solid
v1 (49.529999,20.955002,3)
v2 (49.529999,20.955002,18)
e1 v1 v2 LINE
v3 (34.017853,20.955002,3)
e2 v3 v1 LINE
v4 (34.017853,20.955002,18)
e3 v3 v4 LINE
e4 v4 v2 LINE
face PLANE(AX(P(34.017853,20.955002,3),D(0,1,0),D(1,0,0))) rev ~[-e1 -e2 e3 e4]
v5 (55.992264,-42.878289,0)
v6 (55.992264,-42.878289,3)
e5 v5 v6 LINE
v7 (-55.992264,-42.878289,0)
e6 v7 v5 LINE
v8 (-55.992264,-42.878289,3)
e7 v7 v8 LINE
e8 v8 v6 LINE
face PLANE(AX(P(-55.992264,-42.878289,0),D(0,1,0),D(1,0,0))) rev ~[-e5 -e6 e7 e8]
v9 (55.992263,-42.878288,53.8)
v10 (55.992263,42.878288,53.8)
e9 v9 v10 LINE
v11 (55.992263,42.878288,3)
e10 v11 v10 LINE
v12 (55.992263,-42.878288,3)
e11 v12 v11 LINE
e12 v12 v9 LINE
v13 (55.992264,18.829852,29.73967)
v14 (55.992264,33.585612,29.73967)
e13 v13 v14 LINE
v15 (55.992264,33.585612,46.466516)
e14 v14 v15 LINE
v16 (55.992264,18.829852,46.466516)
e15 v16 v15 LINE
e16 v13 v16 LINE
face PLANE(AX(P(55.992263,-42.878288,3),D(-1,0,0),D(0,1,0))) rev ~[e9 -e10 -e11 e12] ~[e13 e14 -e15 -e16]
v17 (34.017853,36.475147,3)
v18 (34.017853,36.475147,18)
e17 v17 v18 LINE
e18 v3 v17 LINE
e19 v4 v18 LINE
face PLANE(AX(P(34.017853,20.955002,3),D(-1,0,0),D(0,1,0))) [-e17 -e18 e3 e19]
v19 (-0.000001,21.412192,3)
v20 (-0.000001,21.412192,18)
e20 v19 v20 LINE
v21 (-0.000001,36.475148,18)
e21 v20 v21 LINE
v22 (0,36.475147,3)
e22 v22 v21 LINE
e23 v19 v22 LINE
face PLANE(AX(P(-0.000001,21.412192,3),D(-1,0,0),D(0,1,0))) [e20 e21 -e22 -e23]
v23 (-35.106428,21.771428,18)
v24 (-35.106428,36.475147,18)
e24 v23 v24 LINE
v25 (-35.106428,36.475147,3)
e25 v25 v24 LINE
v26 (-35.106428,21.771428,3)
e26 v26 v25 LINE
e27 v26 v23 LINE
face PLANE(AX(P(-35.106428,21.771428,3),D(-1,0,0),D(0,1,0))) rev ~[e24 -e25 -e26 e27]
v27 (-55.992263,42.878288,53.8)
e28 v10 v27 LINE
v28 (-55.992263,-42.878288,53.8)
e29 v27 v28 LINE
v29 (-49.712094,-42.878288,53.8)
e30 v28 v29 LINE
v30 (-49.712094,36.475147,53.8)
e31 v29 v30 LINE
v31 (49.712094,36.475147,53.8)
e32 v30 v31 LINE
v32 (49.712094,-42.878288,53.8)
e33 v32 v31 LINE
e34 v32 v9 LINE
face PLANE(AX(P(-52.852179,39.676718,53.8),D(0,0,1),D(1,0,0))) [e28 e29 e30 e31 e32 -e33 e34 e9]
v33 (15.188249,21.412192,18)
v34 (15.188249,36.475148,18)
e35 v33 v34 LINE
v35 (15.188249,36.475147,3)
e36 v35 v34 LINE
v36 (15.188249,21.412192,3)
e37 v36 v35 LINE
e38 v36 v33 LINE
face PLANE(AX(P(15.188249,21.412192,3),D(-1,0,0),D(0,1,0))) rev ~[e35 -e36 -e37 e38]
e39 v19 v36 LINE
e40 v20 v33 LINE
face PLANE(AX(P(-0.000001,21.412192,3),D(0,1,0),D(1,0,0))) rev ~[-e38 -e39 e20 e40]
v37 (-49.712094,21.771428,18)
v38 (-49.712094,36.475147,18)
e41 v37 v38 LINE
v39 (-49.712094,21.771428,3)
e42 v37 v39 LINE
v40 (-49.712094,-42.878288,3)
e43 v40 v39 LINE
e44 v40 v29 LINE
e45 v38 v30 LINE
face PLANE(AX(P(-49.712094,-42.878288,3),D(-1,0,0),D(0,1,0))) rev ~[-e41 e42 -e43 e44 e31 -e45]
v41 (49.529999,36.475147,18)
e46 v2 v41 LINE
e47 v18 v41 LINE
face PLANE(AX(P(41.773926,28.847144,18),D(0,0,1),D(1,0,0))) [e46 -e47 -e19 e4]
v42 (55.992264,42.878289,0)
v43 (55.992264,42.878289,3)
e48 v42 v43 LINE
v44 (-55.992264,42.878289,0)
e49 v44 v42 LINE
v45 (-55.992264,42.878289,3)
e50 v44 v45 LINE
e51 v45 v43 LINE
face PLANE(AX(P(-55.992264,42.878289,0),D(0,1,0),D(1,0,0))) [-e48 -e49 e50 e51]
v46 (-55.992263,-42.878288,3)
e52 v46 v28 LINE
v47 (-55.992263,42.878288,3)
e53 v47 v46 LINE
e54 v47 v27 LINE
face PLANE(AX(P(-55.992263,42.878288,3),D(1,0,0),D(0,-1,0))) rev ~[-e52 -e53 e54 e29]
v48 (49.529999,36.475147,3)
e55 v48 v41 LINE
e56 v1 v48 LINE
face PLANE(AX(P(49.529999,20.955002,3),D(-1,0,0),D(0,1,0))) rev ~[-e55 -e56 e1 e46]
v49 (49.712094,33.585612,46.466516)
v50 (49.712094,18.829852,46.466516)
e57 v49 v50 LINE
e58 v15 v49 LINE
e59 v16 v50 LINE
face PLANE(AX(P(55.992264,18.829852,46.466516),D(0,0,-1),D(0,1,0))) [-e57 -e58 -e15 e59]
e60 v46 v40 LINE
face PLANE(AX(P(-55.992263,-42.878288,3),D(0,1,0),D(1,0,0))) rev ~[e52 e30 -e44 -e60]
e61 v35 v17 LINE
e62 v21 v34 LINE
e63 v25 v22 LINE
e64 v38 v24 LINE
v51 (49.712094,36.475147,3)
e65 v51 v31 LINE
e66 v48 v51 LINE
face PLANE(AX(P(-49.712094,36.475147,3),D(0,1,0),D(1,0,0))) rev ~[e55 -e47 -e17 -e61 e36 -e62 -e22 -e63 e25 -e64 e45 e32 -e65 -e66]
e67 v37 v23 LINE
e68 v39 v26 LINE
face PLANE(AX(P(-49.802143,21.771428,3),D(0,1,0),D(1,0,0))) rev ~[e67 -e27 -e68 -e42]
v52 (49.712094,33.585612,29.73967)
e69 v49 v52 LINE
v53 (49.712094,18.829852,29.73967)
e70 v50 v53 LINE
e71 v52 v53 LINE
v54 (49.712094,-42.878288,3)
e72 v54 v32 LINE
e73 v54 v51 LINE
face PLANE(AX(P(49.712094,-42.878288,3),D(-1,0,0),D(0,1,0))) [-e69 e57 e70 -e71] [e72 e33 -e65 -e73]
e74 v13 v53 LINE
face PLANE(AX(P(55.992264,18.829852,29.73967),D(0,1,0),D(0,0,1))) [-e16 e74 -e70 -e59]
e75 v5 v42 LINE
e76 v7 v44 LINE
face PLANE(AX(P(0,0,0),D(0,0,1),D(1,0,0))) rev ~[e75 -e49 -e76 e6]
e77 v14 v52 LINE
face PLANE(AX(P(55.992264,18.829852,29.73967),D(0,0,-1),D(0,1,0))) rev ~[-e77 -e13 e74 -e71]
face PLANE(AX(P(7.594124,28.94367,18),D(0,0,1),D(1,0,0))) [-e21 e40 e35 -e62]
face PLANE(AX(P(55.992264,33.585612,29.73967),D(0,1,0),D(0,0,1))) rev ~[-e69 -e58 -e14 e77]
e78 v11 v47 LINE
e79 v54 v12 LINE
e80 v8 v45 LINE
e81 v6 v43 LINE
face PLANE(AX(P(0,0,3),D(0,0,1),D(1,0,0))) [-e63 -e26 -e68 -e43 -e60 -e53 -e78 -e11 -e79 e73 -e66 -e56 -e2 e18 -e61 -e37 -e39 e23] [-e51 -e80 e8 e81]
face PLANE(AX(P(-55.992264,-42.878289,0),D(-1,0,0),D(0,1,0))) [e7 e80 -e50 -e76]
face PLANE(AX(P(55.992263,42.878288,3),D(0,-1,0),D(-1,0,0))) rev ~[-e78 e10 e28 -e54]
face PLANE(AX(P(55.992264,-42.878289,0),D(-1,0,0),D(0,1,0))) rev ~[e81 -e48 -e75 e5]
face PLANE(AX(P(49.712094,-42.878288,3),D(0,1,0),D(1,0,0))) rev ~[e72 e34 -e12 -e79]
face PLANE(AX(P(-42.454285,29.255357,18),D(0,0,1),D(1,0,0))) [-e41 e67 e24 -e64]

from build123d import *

# Parameters (mm, degrees)
F0_W      = 111.984528
F0_H      = 85.756578
F1_DEPTH  = 3
F2_W      = 6.280169
F2_H      = 6.403141
F2_W_2    = 99.42419
F2_H_2    = 79.353437
F3_DEPTH  = 50.8
F4_W      = 14.75576
F4_H      = 16.726847
F5_DEPTH  = 25.4
F6_W      = 15.188249
F6_H      = 15.062956
F7_DEPTH  = 15
F9_W      = 14.695715
F9_H      = 14.967857
F9_W_2    = 15.512146
F9_H_2    = 15.784284
F10_DEPTH = 15


with BuildPart() as f1:
    # F0 (on Top) → F1 (new body)
    with BuildSketch(Plane.XY):
        Rectangle(F0_W, F0_H)
    extrude(amount=F1_DEPTH)

    # F2 (on face) → F3 (join)
    with BuildSketch(Plane.XY.offset(3)):
        with Locations((-52.852179, 39.676718)):
            Rectangle(F2_W, F2_H)
        with Locations((0, 39.676718)):
            Rectangle(F2_W_2, F2_H)
        with Locations((-52.852179, -3.20157)):
            Rectangle(F2_W, F2_H_2)
        with Locations((52.852179, 39.676718)):
            Rectangle(F2_W, F2_H)
        with Locations((52.852179, -3.20157)):
            Rectangle(F2_W, F2_H_2)
    extrude(amount=F3_DEPTH)

    # F4 (on face) → F5 (cut)
    with BuildSketch(Plane.YZ.offset(55.992264)):
        with Locations((26.207732, 38.103093)):
            Rectangle(F4_W, F4_H)
    extrude(amount=-F5_DEPTH, mode=Mode.SUBTRACT)

    # F6 (on face) → F7 (join)
    with BuildSketch(Plane.XY.offset(3)):
        with Locations((7.594124, 28.94367)):
            Rectangle(F6_W, F6_H)
    extrude(amount=F7_DEPTH)

    # F9 (on face) → F10 (join)
    with BuildSketch(Plane.XY.offset(3)):
        with Locations((-42.454285, 29.255357)):
            Rectangle(F9_W, F9_H)
        with Locations((41.773926, 28.847144)):
            Rectangle(F9_W_2, F9_H_2)
    extrude(amount=F10_DEPTH)


solid = f1.part
